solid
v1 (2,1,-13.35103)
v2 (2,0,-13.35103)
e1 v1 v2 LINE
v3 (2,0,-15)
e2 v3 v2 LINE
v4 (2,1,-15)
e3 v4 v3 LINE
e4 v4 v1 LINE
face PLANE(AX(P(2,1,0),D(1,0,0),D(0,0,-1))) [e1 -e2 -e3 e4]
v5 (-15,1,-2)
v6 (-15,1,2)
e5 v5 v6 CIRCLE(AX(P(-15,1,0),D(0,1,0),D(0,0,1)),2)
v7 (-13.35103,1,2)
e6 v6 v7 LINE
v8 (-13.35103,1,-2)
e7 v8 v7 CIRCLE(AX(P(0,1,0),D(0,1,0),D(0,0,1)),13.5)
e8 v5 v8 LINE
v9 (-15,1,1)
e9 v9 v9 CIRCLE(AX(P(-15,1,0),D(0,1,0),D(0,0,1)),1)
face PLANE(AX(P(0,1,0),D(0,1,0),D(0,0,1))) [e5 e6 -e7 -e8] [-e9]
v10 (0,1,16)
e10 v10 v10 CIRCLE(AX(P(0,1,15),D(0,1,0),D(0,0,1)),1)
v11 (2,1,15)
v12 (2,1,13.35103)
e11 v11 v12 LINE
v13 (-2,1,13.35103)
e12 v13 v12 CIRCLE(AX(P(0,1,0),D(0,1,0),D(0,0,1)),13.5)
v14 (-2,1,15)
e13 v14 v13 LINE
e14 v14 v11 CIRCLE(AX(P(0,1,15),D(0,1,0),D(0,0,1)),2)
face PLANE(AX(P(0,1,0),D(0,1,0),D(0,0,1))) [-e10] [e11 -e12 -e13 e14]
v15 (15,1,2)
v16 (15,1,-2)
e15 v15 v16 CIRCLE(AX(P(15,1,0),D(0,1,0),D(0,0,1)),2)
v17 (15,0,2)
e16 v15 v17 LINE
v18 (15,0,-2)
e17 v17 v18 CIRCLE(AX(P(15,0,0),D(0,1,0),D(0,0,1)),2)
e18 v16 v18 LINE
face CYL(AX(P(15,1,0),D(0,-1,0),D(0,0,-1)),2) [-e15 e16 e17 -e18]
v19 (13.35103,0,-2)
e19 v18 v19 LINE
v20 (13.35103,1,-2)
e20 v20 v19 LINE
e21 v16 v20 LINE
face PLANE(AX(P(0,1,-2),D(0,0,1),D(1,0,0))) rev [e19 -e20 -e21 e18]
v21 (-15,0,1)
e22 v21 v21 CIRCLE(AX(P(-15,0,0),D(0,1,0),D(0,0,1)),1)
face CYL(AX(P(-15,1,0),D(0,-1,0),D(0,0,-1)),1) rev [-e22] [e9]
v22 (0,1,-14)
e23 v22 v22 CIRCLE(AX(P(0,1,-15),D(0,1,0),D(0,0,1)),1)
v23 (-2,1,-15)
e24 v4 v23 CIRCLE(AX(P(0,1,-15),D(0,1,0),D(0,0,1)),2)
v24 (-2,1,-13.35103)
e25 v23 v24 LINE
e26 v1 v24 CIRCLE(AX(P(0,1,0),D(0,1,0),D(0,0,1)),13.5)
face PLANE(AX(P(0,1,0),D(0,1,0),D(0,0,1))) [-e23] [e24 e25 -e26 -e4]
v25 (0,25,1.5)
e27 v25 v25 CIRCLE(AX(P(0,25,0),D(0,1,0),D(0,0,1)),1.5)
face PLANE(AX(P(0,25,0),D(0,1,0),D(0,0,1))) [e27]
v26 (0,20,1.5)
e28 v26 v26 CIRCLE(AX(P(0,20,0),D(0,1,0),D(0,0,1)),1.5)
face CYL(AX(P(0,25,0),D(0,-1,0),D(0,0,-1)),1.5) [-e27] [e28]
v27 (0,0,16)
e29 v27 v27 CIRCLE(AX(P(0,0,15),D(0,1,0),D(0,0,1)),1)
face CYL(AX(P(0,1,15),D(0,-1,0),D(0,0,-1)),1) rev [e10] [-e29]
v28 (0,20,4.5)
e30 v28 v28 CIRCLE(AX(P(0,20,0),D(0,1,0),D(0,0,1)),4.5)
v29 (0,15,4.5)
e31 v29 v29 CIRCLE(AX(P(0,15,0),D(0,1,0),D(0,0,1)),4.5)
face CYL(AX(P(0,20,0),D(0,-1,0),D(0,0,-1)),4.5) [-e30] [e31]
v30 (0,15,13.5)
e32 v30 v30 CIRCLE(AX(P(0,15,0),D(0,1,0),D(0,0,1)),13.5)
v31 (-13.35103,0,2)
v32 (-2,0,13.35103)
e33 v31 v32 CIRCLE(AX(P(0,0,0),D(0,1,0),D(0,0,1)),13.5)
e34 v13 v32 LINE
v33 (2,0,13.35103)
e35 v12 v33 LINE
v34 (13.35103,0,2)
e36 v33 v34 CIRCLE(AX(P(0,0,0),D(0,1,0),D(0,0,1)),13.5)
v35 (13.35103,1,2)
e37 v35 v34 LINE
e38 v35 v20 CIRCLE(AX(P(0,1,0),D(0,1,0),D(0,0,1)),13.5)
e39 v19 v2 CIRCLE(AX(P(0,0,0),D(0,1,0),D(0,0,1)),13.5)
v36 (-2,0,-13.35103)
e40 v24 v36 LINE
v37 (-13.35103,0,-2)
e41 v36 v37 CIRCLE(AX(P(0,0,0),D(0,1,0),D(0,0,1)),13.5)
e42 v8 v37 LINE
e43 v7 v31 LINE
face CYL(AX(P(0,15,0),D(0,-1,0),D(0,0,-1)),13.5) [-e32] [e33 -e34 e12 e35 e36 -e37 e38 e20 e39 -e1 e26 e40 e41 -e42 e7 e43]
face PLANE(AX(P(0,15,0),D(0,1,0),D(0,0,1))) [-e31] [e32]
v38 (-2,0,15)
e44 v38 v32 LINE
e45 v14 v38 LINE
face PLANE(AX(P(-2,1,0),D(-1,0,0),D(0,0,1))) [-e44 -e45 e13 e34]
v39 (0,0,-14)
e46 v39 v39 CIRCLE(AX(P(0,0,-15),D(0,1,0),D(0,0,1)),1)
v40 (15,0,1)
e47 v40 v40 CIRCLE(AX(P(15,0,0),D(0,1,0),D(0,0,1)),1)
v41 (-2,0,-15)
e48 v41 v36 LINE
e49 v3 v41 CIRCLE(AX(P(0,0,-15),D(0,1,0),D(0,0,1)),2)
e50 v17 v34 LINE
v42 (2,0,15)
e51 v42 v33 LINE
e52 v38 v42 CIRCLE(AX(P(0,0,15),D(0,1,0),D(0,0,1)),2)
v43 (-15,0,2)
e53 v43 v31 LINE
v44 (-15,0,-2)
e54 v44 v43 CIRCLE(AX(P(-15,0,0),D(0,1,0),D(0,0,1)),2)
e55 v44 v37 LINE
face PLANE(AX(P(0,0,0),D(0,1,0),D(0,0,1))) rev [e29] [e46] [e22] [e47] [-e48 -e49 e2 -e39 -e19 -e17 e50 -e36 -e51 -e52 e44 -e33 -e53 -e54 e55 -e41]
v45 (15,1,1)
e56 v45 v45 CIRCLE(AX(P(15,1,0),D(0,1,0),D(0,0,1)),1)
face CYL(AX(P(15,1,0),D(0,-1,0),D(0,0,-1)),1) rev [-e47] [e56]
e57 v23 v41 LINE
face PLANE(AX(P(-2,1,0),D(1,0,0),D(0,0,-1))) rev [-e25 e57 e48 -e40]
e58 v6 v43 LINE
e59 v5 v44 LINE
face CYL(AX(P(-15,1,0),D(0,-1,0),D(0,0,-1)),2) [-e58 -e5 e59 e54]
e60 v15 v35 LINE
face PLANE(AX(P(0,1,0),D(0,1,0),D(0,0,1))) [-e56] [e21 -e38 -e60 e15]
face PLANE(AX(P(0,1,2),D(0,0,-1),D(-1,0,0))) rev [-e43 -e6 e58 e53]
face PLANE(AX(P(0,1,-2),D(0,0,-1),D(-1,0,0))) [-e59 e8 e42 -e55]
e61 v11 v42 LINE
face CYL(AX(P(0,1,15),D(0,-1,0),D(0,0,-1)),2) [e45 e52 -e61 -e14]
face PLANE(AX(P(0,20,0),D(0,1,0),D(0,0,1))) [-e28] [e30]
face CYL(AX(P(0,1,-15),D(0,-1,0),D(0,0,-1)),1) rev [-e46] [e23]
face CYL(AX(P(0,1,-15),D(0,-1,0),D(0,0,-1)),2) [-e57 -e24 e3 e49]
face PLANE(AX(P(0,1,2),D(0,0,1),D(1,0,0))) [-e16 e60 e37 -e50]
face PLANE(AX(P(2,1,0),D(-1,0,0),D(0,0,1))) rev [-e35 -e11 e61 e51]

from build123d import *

# Parameters (mm, degrees)
SKETCH1_R           = 1.5
BOSS_EXTRUDE6_DEPTH = 25
SKETCH1_9_R         = 4.5
SKETCH1_9_R_2       = 1.5
BOSS_EXTRUDE7_DEPTH = 20
SKETCH1_10_R        = 13.5
SKETCH1_10_R_2      = 4.5
BOSS_EXTRUDE8_DEPTH = 15
SKETCH1_12_R        = 1
BOSS_EXTRUDE9_DEPTH = 1


with BuildPart() as part:
    # Sketch1 → Boss-Extrude6 (new body)
    with BuildSketch(Plane(origin=(0, 0, 0), x_dir=(1, 0, 0), z_dir=(0, 1, 0))):
        Circle(SKETCH1_R)
    extrude(amount=BOSS_EXTRUDE6_DEPTH)

    # Sketch1<9> → Boss-Extrude7 (add)
    with BuildSketch(Plane(origin=(0, 0, 0), x_dir=(1, 0, 0), z_dir=(0, 1, 0))):
        Circle(SKETCH1_9_R)
        Circle(SKETCH1_9_R_2, mode=Mode.SUBTRACT)
    extrude(amount=BOSS_EXTRUDE7_DEPTH)

    # Sketch1<10> → Boss-Extrude8 (add)
    with BuildSketch(Plane(origin=(0, 0, 0), x_dir=(1, 0, 0), z_dir=(0, 1, 0))):
        Circle(SKETCH1_10_R)
        Circle(SKETCH1_10_R_2, mode=Mode.SUBTRACT)
    extrude(amount=BOSS_EXTRUDE8_DEPTH)

    # Sketch1<12> → Boss-Extrude9 (add)
    # profile 1 of 4: a face of its own
    with BuildSketch(Plane(origin=(0, 0, 0), x_dir=(1, 0, 0), z_dir=(0, 1, 0))):
        with BuildLine():
            Line((2, 13.351029923), (2, 15))
            ThreePointArc((2, 15), (0, 17), (-2, 15))
            Line((-2, 15), (-2, 13.351029923))
            ThreePointArc((-2, 13.351029923), (0, 13.5), (2, 13.351029923))
        make_face()
        with Locations((0, 15)):
            Circle(SKETCH1_12_R, mode=Mode.SUBTRACT)
    # profile 2 of 4: a face of its own
    with BuildSketch(Plane(origin=(0, 0, 0), x_dir=(1, 0, 0), z_dir=(0, 1, 0))):
        with BuildLine():
            Line((15, 2), (13.351029923, 2))
            ThreePointArc((13.351029923, 2), (13.5, 0), (13.351029923, -2))
            Line((13.351029923, -2), (15, -2))
            ThreePointArc((15, -2), (17, 0), (15, 2))
        make_face()
        with Locations((15, 0)):
            Circle(SKETCH1_12_R, mode=Mode.SUBTRACT)
    # profile 3 of 4: a face of its own
    with BuildSketch(Plane(origin=(0, 0, 0), x_dir=(1, 0, 0), z_dir=(0, 1, 0))):
        with BuildLine():
            ThreePointArc((-13.351029923, -2), (-13.5, 0), (-13.351029923, 2))
            Line((-13.351029923, 2), (-15, 2))
            ThreePointArc((-15, 2), (-17, 0), (-15, -2))
            Line((-15, -2), (-13.351029923, -2))
        make_face()
        with Locations((-15, 0)):
            Circle(SKETCH1_12_R, mode=Mode.SUBTRACT)
    # profile 4 of 4: a face of its own
    with BuildSketch(Plane(origin=(0, 0, 0), x_dir=(1, 0, 0), z_dir=(0, 1, 0))):
        with BuildLine():
            Line((2, -15), (2, -13.351029923))
            ThreePointArc((2, -13.351029923), (0, -13.5), (-2, -13.351029923))
            Line((-2, -13.351029923), (-2, -15))
            ThreePointArc((-2, -15), (0, -17), (2, -15))
        make_face()
        with Locations((0, -15)):
            Circle(SKETCH1_12_R, mode=Mode.SUBTRACT)
    extrude(amount=BOSS_EXTRUDE9_DEPTH)


solid = part.part
